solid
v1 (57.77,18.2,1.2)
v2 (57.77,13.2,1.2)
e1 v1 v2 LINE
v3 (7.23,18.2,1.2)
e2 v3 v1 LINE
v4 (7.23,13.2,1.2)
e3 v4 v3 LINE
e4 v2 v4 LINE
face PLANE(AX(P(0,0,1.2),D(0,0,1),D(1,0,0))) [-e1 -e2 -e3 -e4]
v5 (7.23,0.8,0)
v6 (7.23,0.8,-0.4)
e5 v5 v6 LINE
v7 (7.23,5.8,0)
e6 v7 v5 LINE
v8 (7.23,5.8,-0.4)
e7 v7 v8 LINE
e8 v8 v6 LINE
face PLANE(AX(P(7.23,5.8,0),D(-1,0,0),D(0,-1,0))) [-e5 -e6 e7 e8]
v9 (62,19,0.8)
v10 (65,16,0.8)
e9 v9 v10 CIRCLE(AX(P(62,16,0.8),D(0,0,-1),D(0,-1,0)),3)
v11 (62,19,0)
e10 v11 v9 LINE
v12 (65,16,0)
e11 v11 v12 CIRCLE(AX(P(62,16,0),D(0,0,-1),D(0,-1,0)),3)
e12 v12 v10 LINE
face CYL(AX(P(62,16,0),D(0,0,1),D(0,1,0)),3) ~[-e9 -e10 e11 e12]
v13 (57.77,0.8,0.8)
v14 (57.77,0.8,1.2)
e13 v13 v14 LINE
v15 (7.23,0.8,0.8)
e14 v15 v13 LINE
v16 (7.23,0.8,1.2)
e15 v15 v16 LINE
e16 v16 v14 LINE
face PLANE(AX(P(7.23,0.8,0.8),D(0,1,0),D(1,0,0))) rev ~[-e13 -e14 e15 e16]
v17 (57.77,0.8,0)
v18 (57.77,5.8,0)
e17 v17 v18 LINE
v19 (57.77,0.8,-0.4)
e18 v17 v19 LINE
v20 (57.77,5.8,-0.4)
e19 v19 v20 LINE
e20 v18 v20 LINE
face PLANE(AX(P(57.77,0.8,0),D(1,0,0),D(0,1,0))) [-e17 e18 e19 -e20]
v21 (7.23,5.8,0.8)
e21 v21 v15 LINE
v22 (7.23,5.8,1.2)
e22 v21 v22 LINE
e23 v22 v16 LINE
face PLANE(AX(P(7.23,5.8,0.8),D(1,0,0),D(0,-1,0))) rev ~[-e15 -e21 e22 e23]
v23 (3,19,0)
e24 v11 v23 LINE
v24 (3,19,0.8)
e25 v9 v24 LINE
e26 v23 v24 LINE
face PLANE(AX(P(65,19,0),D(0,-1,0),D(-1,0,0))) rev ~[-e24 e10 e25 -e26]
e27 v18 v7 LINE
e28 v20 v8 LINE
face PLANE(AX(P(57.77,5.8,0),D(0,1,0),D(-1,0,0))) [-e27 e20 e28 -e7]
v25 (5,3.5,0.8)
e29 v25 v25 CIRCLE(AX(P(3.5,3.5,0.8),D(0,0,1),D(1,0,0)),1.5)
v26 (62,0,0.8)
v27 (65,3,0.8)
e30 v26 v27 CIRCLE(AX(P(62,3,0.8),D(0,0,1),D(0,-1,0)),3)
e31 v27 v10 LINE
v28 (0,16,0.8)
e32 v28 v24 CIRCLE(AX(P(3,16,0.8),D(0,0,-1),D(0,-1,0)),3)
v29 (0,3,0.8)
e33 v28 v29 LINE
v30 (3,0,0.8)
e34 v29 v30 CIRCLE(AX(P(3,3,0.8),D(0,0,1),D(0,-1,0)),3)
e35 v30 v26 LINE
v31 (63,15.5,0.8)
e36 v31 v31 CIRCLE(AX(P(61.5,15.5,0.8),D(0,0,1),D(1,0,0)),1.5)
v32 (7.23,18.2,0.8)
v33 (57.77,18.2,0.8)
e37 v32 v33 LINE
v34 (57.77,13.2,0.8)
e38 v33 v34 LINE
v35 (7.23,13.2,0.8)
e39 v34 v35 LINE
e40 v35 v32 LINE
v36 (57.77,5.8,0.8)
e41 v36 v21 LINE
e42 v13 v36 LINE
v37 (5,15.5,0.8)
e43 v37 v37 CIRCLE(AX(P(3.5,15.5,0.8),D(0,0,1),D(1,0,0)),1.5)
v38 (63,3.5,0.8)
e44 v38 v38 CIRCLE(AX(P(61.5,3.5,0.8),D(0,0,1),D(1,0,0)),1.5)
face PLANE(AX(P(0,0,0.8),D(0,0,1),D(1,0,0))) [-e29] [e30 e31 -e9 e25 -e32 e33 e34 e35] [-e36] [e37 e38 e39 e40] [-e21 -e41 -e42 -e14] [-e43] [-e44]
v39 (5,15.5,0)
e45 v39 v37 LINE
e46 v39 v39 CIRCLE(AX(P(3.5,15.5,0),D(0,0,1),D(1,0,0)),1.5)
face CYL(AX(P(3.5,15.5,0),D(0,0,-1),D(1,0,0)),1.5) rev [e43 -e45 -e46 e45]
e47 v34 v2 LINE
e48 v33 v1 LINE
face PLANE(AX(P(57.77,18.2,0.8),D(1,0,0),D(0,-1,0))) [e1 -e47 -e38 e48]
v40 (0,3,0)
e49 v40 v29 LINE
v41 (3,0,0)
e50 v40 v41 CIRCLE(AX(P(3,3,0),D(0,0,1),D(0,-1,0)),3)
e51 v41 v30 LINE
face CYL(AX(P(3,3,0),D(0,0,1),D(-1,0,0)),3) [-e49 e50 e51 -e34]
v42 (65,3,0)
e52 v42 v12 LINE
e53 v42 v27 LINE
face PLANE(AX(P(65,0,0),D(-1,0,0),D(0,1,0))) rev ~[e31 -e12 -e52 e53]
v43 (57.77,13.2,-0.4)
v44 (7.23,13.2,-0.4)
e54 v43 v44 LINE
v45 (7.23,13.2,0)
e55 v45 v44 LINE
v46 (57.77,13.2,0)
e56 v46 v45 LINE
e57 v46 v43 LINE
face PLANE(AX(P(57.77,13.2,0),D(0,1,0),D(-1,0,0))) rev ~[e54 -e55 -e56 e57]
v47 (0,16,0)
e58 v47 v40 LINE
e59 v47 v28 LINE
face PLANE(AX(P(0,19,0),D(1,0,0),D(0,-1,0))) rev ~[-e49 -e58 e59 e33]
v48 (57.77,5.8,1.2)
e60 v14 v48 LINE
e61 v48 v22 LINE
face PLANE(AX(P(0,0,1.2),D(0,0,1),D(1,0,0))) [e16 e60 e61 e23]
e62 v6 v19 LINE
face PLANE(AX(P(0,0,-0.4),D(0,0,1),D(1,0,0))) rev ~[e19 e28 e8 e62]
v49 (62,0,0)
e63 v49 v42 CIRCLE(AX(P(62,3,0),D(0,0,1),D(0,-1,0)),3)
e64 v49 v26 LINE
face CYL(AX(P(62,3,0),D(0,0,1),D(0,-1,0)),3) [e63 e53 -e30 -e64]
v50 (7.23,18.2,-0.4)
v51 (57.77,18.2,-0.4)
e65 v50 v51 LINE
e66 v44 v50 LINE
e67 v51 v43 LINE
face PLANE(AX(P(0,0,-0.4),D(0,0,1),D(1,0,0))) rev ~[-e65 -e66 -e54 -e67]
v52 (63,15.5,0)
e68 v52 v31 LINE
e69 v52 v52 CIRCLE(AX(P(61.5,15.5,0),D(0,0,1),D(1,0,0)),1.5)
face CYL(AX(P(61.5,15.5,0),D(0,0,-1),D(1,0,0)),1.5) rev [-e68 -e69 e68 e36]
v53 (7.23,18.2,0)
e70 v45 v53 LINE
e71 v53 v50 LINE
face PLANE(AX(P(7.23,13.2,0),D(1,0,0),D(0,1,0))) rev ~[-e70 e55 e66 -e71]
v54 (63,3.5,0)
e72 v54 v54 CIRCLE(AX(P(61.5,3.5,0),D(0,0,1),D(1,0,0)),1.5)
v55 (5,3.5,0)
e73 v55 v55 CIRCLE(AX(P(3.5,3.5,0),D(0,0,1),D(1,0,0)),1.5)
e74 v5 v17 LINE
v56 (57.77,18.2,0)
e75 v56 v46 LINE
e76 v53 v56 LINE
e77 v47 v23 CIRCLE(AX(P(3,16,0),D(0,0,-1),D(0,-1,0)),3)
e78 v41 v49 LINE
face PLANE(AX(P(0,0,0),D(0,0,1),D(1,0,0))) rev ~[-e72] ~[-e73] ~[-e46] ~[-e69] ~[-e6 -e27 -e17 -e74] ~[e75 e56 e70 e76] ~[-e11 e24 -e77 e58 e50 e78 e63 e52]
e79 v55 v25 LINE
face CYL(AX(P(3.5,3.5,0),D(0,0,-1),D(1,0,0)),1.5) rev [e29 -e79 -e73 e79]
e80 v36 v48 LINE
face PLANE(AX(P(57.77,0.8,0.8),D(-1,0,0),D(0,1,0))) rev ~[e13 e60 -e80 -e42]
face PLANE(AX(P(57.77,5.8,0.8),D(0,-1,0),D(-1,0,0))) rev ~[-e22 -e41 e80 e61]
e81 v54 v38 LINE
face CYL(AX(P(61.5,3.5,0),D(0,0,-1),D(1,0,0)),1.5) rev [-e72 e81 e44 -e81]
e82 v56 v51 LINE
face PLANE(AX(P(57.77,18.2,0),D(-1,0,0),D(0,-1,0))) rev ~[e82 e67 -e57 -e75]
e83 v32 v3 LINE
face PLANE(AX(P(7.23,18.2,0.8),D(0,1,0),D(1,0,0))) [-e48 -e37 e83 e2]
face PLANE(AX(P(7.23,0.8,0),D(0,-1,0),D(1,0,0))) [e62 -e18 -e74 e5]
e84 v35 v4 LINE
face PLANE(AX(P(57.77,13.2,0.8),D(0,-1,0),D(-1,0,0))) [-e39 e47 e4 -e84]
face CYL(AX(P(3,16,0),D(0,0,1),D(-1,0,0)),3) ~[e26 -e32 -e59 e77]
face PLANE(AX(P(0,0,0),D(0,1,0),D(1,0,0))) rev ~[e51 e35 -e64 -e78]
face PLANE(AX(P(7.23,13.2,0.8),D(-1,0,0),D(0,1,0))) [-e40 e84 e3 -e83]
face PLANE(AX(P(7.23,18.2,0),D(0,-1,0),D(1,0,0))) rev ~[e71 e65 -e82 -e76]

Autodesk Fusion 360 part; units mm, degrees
sketch "Sketch1" plane through (0, 0, 0) normal (0, 0, 1) x (1, 0, 0)
  line L0 (0, 0) -> (65, 0)
  line L1 (65, 0) -> (65, 19)
  line L2 (65, 19) -> (0, 19)
  line L3 (0, 19) -> (0, 0)
  circle A0 centre (3.5, 15.5) radius 1.5
  line L4 (32.5, 19) -> (32.5, 0) construction
  line L5 (65, 9.5) -> (0, 9.5) construction
  circle A1 centre (61.5, 15.5) radius 1.5
  circle A2 centre (3.5, 3.5) radius 1.5
  circle A3 centre (61.5, 3.5) radius 1.5
  line L6 (57.77, 13.2) -> (7.23, 13.2)
  line L7 (7.23, 13.2) -> (7.23, 18.2)
  line L8 (7.23, 18.2) -> (57.77, 18.2)
  line L9 (57.77, 18.2) -> (57.77, 13.2)
  line L10 (57.77, 13.2) -> (7.23, 18.2) construction
  line L11 (7.23, 13.2) -> (57.77, 18.2) construction
  line L12 (7.23, 0.8) -> (57.77, 0.8)
  line L13 (57.77, 0.8) -> (57.77, 5.8)
  line L14 (57.77, 5.8) -> (7.23, 5.8)
  line L15 (7.23, 5.8) -> (7.23, 0.8)
  line L16 (57.77, 3.3) -> (7.23, 3.3) construction
  point P0 (32.5, 15.7)
  dimension "d1" = 65
  dimension "d2" = 19
  dimension "d3" = 3
  dimension "d4" = 3.5
  dimension "d5" = 3.5
  dimension "d6" = 50.54
  dimension "d7" = 5
  dimension "d8" = 0.8
extrude "Extrude1" add sketch "Sketch1" along normal blind 0.8 contours L0 L1 L2 L3 | L6 L7 L8 L9 | L12 L13 L14 L15
fillet "Fillet1" radius 3 4 edges at (65, 19, 0.4) (0, 0, 0.4) (65, 0, 0.4) (0, 19, 0.4)
extrude "Extrude2" add sketch "Sketch1" along normal blind 0.4 from surface at 0.8 contours L6 L7 L8 L9 | L12 L13 L14 L15
extrude "Extrude3" add sketch "Sketch1" against normal blind 0.4 contours L6 L7 L8 L9 | L12 L13 L14 L15
